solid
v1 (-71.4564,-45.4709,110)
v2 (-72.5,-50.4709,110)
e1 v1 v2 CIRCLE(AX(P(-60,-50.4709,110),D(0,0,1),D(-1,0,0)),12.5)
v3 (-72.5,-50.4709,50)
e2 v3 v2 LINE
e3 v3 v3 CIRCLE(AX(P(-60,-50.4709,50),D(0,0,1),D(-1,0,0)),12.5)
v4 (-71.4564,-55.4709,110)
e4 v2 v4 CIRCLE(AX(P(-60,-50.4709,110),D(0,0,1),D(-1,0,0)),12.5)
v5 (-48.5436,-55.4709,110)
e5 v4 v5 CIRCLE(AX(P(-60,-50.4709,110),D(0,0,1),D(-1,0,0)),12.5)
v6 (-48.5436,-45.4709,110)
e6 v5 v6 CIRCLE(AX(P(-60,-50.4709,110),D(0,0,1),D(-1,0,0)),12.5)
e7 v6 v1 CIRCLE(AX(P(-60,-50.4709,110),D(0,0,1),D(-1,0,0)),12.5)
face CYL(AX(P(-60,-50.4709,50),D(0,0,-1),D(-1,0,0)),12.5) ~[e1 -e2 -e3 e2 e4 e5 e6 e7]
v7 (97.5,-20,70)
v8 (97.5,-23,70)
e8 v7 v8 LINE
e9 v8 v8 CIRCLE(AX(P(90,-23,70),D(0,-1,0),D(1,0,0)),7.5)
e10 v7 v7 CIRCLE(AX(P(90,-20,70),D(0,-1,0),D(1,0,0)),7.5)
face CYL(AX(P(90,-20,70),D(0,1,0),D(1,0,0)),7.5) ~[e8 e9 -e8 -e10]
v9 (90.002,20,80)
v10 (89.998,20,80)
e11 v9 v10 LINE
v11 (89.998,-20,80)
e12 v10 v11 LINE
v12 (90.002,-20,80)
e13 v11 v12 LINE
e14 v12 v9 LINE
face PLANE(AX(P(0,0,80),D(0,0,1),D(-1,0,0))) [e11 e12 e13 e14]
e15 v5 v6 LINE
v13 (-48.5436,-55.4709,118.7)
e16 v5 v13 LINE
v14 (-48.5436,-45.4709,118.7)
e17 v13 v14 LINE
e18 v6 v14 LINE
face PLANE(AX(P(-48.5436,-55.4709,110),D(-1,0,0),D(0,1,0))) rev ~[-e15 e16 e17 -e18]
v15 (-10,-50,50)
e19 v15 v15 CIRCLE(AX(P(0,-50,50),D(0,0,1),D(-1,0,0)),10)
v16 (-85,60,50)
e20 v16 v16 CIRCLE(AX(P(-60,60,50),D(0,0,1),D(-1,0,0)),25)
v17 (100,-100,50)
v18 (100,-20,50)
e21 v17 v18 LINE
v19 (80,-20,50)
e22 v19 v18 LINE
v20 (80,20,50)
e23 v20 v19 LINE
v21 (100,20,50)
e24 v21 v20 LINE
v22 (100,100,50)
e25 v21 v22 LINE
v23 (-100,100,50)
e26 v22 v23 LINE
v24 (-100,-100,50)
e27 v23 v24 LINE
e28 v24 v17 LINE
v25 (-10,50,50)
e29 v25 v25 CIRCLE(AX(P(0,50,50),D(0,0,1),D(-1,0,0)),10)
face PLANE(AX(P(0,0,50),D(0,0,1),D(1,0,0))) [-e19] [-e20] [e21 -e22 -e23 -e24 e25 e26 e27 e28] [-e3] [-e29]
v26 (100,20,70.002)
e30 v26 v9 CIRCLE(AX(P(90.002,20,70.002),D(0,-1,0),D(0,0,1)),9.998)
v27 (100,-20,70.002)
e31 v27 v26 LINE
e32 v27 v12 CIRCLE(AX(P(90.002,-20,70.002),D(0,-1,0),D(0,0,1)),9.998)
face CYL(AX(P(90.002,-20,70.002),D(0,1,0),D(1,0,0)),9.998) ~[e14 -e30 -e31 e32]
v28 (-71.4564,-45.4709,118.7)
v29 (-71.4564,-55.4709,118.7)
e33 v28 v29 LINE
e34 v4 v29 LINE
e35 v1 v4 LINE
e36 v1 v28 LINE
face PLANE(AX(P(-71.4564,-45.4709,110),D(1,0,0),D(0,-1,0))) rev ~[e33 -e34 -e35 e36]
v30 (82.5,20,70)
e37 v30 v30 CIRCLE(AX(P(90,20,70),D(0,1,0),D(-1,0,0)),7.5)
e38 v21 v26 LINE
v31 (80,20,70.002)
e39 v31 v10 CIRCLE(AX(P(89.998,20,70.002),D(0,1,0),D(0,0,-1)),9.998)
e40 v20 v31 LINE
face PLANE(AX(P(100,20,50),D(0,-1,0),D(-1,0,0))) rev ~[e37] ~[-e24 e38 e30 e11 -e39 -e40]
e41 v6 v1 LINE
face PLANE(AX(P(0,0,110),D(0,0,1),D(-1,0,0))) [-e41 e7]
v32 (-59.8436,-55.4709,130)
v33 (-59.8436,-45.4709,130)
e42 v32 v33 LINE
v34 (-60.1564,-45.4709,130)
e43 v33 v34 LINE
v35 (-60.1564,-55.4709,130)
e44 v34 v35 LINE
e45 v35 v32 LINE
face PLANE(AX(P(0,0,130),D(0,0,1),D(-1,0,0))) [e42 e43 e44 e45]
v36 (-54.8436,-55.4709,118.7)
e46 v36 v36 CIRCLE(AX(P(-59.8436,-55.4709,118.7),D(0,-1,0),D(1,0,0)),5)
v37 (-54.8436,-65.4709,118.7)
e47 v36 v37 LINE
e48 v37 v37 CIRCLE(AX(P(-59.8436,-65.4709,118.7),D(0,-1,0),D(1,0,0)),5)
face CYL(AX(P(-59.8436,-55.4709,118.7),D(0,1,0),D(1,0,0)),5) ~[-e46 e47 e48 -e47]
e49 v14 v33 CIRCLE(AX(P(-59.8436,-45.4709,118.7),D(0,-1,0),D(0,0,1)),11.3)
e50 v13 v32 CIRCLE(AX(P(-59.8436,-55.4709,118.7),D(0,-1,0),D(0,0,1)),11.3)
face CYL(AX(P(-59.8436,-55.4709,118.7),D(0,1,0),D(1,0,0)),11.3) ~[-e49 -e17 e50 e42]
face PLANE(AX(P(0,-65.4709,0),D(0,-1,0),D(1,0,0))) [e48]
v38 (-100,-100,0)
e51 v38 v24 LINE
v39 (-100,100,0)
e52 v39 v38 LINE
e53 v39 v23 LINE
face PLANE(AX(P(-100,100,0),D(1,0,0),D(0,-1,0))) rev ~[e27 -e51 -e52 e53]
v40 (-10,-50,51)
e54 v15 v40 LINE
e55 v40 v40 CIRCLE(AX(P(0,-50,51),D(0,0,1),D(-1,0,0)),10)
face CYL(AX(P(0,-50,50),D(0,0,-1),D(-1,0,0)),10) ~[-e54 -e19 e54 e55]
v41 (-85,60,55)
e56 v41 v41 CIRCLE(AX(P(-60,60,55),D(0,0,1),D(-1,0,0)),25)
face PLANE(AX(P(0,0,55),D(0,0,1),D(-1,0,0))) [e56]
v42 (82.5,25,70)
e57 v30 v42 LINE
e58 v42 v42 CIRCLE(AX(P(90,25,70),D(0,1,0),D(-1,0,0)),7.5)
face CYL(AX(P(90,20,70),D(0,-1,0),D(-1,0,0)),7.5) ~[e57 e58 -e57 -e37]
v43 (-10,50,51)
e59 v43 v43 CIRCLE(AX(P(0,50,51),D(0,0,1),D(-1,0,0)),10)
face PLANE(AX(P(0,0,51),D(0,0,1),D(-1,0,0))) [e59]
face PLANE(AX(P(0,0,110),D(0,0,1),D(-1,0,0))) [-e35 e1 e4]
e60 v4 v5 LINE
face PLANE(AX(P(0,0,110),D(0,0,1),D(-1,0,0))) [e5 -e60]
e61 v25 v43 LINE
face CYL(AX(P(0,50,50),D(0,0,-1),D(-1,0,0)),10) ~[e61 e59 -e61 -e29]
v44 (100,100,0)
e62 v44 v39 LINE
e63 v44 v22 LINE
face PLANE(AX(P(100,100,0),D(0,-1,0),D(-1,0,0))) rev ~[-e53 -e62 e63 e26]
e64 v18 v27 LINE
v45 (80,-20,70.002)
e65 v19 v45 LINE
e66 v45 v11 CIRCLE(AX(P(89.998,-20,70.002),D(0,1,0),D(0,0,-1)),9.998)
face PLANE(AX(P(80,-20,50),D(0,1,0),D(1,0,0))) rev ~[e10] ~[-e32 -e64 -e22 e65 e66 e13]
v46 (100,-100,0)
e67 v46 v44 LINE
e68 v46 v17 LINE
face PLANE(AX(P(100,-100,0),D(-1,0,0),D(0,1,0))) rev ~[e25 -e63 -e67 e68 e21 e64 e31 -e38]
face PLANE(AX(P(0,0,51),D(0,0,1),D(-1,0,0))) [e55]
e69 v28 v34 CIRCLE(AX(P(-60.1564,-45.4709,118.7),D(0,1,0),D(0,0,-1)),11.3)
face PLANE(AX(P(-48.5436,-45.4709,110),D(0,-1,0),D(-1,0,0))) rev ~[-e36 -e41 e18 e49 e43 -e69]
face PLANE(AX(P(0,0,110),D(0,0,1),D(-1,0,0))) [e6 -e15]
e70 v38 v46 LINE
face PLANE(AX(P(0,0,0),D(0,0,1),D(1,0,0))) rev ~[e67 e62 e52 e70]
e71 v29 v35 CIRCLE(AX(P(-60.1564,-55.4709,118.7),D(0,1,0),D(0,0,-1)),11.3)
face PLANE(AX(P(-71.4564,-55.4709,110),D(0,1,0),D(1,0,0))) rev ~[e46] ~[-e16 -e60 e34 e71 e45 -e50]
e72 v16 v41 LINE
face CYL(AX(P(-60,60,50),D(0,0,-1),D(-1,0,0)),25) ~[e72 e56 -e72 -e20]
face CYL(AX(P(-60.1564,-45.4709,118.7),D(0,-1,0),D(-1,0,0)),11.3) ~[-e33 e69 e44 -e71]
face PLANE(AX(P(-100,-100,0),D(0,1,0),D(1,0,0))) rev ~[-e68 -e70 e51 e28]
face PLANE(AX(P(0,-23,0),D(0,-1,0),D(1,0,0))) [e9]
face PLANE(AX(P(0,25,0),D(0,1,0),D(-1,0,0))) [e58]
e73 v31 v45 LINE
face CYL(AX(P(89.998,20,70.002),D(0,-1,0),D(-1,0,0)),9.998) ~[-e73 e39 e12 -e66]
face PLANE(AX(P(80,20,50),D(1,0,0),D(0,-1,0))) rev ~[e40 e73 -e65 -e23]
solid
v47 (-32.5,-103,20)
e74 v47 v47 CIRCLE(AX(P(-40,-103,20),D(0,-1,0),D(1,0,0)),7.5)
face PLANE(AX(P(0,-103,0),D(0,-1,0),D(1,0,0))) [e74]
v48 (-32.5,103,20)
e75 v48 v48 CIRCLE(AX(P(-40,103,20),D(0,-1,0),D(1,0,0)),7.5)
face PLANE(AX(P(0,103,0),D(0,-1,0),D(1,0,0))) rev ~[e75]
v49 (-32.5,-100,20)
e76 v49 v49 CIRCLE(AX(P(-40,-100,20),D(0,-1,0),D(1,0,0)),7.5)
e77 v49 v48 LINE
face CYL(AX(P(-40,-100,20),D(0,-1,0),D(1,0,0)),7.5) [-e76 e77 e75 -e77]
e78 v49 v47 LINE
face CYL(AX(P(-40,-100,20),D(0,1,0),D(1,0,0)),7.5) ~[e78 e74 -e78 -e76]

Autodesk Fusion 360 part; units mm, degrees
sketch "Sketch1" plane through (0, 0, 0) normal (0, 0, 1) x (1, 0, 0)
  line L0 (100, 100) -> (-100, 100)
  line L1 (-100, 100) -> (-100, -100)
  line L2 (-100, -100) -> (100, -100)
  line L3 (100, -100) -> (100, 100)
  line L4 (100, 100) -> (-100, -100) construction
  line L5 (-100, 100) -> (100, -100) construction
  dimension "d1" = 200
  dimension "d2" = 200
extrude "Extrude1" add sketch "Sketch1" along normal blind 50 makes body 1
sketch "Sketch2" plane through (0, 0, 50) normal (0, 0, 1) x (-1, 0, 0)
  line L0 (-100, 100) -> (-100, -100)
  line L1 (-100, -100) -> (100, -100)
  line L2 (100, -100) -> (100, 100)
  line L3 (100, 100) -> (-100, 100)
  circle A0 centre (60, 50.4709) radius 12.5
  dimension "d5" = 25
  dimension "d6" = 40
extrude "Extrude2" add sketch "Sketch2" along normal blind 60 contours A0 bodies 1
sketch "Sketch3" plane through (0, 0, 110) normal (0, 0, 1) x (-1, 0, 0)
  circle A0 centre (60, 50.4709) radius 12.5
  line L0 (71.4564, 55.4709) -> (48.5436, 55.4709)
  line L1 (48.5436, 55.4709) -> (48.5436, 45.4709)
  line L2 (48.5436, 45.4709) -> (71.4564, 45.4709)
  line L3 (71.4564, 45.4709) -> (71.4564, 55.4709)
  line L4 (71.4564, 55.4709) -> (48.5436, 45.4709) construction
  line L5 (48.5436, 55.4709) -> (71.4564, 45.4709) construction
  circle A1 centre (60, 50.4709) radius 12.5
  point P0 (60, 50.4709)
  dimension "d10" = 10
extrude "Extrude3" add sketch "Sketch3" along normal blind 20 contours L0 L1 L2 L3 bodies 1
fillet "Fillet1" radius 11.3 2 edges at (-71.4564, -50.4709, 130) (-48.5436, -50.4709, 130) on bodies 1
sketch "Sketch4" plane through (0, -55.4709, 0) normal (0, -1, 0) x (1, 0, 0)
  arc A0 (-48.5436, 118.7) -> (-59.8436, 130) centre (-59.8436, 118.7) ccw
  line L0 (-59.8436, 130) -> (-60.1564, 130)
  arc A1 (-60.1564, 130) -> (-71.4564, 118.7) centre (-60.1564, 118.7) ccw
  line L1 (-71.4564, 118.7) -> (-71.4564, 110)
  line L2 (-71.4564, 110) -> (-48.5436, 110)
  line L3 (-48.5436, 110) -> (-48.5436, 118.7)
  circle A2 centre (-59.8436, 118.7) radius 5
  dimension "d18" = 10
extrude "Extrude4" add sketch "Sketch4" along normal blind 10 contours A2 bodies 1
sketch "Sketch5" plane through (0, 0, 50) normal (0, 0, 1) x (-1, 0, 0)
  circle A0 centre (60, 50.4709) radius 12.5
  line L0 (-100, 100) -> (-100, -100)
  line L1 (-100, -100) -> (100, -100)
  line L2 (100, -100) -> (100, 100)
  line L3 (100, 100) -> (-100, 100)
  line L4 (100, -60) -> (0, -60) construction
  line L5 (60, -100) -> (60, 0) construction
  circle A1 centre (60, -60) radius 25
  dimension "d21" = 50
extrude "Extrude5" add sketch "Sketch5" along normal blind 5 contours A1 bodies 1
sketch "Sketch6" plane through (0, -100, 0) normal (0, -1, 0) x (1, 0, 0)
  line L0 (-100, 0) -> (100, 0)
  line L1 (100, 0) -> (100, 50)
  line L2 (100, 50) -> (-100, 50)
  line L3 (-100, 50) -> (-100, 0)
  circle A0 centre (-40, 20) radius 7.5
  dimension "d24" = 15
  dimension "d25" = 60
  dimension "d26" = 20
extrude "Extrude6" add sketch "Sketch6" along normal blind 3 and the other way blind 203 separate body contours A0 makes body 2
sketch "Sketch7" plane through (0, 0, 50) normal (0, 0, 1) x (-1, 0, 0)
  circle A0 centre (60, -60) radius 25
  circle A1 centre (60, 50.4709) radius 12.5
  line L0 (-100, 100) -> (-100, -100)
  line L1 (-100, -100) -> (100, -100)
  line L2 (100, -100) -> (100, 100)
  line L3 (100, 100) -> (-100, 100)
  line L4 (-100, -20) -> (-80, -20)
  line L5 (-80, -20) -> (-80, 20)
  line L6 (-80, 20) -> (-100, 20)
  line L7 (-100, 20) -> (-100, -20)
  dimension "d31" = 20
  dimension "d32" = 40
extrude "Extrude7" add sketch "Sketch7" along normal blind 30 contours L0 L4 L5 L6 L7 bodies 1
fillet "Fillet2" radius 10 2 edges at (100, 0, 80) (80, 0, 80) on bodies 1
sketch "Sketch8" plane through (0, -20, 0) normal (0, -1, 0) x (1, 0, 0)
  arc A0 (100, 70) -> (80, 70) centre (90, 70) ccw
  line L0 (80, 70) -> (80, 50)
  line L1 (80, 50) -> (100, 50)
  line L2 (100, 50) -> (100, 70)
  circle A1 centre (90, 70) radius 7.5
  dimension "d37" = 15
extrude "Extrude8" add sketch "Sketch8" along normal blind 3 contours A1 bodies 1
sketch "Sketch9" plane through (0, 0, 50) normal (0, 0, 1) x (-1, 0, 0)
  line L0 (-80, -20) -> (-100, -20)
  line L1 (-100, -20) -> (-100, -100)
  line L2 (-100, -100) -> (100, -100)
  line L3 (100, -100) -> (100, 100)
  line L4 (100, 100) -> (-100, 100)
  line L5 (-100, 100) -> (-100, 20)
  line L6 (-100, 20) -> (-80, 20)
  line L7 (-80, 20) -> (-80, -20)
  circle A0 centre (60, -60) radius 25
  circle A1 centre (60, 50.4709) radius 12.5
  circle A2 centre (0, 50) radius 10
  circle A3 centre (0, -50) radius 10
  dimension "d40" = 20
  dimension "d41" = 20
extrude "Extrude9" add sketch "Sketch9" along normal blind 1 contours A2 | A3 bodies 1
sketch "Sketch10" plane through (0, 20, 0) normal (0, 1, 0) x (-1, 0, 0)
  arc A0 (-80, 70) -> (-100, 70) centre (-90, 70) ccw
  line L0 (-100, 70) -> (-100, 50)
  line L1 (-100, 50) -> (-80, 50)
  line L2 (-80, 50) -> (-80, 70)
  circle A1 centre (-90, 70) radius 7.5
  dimension "d44" = 15
extrude "Extrude10" add sketch "Sketch10" along normal blind 5 contours A1 bodies 1
